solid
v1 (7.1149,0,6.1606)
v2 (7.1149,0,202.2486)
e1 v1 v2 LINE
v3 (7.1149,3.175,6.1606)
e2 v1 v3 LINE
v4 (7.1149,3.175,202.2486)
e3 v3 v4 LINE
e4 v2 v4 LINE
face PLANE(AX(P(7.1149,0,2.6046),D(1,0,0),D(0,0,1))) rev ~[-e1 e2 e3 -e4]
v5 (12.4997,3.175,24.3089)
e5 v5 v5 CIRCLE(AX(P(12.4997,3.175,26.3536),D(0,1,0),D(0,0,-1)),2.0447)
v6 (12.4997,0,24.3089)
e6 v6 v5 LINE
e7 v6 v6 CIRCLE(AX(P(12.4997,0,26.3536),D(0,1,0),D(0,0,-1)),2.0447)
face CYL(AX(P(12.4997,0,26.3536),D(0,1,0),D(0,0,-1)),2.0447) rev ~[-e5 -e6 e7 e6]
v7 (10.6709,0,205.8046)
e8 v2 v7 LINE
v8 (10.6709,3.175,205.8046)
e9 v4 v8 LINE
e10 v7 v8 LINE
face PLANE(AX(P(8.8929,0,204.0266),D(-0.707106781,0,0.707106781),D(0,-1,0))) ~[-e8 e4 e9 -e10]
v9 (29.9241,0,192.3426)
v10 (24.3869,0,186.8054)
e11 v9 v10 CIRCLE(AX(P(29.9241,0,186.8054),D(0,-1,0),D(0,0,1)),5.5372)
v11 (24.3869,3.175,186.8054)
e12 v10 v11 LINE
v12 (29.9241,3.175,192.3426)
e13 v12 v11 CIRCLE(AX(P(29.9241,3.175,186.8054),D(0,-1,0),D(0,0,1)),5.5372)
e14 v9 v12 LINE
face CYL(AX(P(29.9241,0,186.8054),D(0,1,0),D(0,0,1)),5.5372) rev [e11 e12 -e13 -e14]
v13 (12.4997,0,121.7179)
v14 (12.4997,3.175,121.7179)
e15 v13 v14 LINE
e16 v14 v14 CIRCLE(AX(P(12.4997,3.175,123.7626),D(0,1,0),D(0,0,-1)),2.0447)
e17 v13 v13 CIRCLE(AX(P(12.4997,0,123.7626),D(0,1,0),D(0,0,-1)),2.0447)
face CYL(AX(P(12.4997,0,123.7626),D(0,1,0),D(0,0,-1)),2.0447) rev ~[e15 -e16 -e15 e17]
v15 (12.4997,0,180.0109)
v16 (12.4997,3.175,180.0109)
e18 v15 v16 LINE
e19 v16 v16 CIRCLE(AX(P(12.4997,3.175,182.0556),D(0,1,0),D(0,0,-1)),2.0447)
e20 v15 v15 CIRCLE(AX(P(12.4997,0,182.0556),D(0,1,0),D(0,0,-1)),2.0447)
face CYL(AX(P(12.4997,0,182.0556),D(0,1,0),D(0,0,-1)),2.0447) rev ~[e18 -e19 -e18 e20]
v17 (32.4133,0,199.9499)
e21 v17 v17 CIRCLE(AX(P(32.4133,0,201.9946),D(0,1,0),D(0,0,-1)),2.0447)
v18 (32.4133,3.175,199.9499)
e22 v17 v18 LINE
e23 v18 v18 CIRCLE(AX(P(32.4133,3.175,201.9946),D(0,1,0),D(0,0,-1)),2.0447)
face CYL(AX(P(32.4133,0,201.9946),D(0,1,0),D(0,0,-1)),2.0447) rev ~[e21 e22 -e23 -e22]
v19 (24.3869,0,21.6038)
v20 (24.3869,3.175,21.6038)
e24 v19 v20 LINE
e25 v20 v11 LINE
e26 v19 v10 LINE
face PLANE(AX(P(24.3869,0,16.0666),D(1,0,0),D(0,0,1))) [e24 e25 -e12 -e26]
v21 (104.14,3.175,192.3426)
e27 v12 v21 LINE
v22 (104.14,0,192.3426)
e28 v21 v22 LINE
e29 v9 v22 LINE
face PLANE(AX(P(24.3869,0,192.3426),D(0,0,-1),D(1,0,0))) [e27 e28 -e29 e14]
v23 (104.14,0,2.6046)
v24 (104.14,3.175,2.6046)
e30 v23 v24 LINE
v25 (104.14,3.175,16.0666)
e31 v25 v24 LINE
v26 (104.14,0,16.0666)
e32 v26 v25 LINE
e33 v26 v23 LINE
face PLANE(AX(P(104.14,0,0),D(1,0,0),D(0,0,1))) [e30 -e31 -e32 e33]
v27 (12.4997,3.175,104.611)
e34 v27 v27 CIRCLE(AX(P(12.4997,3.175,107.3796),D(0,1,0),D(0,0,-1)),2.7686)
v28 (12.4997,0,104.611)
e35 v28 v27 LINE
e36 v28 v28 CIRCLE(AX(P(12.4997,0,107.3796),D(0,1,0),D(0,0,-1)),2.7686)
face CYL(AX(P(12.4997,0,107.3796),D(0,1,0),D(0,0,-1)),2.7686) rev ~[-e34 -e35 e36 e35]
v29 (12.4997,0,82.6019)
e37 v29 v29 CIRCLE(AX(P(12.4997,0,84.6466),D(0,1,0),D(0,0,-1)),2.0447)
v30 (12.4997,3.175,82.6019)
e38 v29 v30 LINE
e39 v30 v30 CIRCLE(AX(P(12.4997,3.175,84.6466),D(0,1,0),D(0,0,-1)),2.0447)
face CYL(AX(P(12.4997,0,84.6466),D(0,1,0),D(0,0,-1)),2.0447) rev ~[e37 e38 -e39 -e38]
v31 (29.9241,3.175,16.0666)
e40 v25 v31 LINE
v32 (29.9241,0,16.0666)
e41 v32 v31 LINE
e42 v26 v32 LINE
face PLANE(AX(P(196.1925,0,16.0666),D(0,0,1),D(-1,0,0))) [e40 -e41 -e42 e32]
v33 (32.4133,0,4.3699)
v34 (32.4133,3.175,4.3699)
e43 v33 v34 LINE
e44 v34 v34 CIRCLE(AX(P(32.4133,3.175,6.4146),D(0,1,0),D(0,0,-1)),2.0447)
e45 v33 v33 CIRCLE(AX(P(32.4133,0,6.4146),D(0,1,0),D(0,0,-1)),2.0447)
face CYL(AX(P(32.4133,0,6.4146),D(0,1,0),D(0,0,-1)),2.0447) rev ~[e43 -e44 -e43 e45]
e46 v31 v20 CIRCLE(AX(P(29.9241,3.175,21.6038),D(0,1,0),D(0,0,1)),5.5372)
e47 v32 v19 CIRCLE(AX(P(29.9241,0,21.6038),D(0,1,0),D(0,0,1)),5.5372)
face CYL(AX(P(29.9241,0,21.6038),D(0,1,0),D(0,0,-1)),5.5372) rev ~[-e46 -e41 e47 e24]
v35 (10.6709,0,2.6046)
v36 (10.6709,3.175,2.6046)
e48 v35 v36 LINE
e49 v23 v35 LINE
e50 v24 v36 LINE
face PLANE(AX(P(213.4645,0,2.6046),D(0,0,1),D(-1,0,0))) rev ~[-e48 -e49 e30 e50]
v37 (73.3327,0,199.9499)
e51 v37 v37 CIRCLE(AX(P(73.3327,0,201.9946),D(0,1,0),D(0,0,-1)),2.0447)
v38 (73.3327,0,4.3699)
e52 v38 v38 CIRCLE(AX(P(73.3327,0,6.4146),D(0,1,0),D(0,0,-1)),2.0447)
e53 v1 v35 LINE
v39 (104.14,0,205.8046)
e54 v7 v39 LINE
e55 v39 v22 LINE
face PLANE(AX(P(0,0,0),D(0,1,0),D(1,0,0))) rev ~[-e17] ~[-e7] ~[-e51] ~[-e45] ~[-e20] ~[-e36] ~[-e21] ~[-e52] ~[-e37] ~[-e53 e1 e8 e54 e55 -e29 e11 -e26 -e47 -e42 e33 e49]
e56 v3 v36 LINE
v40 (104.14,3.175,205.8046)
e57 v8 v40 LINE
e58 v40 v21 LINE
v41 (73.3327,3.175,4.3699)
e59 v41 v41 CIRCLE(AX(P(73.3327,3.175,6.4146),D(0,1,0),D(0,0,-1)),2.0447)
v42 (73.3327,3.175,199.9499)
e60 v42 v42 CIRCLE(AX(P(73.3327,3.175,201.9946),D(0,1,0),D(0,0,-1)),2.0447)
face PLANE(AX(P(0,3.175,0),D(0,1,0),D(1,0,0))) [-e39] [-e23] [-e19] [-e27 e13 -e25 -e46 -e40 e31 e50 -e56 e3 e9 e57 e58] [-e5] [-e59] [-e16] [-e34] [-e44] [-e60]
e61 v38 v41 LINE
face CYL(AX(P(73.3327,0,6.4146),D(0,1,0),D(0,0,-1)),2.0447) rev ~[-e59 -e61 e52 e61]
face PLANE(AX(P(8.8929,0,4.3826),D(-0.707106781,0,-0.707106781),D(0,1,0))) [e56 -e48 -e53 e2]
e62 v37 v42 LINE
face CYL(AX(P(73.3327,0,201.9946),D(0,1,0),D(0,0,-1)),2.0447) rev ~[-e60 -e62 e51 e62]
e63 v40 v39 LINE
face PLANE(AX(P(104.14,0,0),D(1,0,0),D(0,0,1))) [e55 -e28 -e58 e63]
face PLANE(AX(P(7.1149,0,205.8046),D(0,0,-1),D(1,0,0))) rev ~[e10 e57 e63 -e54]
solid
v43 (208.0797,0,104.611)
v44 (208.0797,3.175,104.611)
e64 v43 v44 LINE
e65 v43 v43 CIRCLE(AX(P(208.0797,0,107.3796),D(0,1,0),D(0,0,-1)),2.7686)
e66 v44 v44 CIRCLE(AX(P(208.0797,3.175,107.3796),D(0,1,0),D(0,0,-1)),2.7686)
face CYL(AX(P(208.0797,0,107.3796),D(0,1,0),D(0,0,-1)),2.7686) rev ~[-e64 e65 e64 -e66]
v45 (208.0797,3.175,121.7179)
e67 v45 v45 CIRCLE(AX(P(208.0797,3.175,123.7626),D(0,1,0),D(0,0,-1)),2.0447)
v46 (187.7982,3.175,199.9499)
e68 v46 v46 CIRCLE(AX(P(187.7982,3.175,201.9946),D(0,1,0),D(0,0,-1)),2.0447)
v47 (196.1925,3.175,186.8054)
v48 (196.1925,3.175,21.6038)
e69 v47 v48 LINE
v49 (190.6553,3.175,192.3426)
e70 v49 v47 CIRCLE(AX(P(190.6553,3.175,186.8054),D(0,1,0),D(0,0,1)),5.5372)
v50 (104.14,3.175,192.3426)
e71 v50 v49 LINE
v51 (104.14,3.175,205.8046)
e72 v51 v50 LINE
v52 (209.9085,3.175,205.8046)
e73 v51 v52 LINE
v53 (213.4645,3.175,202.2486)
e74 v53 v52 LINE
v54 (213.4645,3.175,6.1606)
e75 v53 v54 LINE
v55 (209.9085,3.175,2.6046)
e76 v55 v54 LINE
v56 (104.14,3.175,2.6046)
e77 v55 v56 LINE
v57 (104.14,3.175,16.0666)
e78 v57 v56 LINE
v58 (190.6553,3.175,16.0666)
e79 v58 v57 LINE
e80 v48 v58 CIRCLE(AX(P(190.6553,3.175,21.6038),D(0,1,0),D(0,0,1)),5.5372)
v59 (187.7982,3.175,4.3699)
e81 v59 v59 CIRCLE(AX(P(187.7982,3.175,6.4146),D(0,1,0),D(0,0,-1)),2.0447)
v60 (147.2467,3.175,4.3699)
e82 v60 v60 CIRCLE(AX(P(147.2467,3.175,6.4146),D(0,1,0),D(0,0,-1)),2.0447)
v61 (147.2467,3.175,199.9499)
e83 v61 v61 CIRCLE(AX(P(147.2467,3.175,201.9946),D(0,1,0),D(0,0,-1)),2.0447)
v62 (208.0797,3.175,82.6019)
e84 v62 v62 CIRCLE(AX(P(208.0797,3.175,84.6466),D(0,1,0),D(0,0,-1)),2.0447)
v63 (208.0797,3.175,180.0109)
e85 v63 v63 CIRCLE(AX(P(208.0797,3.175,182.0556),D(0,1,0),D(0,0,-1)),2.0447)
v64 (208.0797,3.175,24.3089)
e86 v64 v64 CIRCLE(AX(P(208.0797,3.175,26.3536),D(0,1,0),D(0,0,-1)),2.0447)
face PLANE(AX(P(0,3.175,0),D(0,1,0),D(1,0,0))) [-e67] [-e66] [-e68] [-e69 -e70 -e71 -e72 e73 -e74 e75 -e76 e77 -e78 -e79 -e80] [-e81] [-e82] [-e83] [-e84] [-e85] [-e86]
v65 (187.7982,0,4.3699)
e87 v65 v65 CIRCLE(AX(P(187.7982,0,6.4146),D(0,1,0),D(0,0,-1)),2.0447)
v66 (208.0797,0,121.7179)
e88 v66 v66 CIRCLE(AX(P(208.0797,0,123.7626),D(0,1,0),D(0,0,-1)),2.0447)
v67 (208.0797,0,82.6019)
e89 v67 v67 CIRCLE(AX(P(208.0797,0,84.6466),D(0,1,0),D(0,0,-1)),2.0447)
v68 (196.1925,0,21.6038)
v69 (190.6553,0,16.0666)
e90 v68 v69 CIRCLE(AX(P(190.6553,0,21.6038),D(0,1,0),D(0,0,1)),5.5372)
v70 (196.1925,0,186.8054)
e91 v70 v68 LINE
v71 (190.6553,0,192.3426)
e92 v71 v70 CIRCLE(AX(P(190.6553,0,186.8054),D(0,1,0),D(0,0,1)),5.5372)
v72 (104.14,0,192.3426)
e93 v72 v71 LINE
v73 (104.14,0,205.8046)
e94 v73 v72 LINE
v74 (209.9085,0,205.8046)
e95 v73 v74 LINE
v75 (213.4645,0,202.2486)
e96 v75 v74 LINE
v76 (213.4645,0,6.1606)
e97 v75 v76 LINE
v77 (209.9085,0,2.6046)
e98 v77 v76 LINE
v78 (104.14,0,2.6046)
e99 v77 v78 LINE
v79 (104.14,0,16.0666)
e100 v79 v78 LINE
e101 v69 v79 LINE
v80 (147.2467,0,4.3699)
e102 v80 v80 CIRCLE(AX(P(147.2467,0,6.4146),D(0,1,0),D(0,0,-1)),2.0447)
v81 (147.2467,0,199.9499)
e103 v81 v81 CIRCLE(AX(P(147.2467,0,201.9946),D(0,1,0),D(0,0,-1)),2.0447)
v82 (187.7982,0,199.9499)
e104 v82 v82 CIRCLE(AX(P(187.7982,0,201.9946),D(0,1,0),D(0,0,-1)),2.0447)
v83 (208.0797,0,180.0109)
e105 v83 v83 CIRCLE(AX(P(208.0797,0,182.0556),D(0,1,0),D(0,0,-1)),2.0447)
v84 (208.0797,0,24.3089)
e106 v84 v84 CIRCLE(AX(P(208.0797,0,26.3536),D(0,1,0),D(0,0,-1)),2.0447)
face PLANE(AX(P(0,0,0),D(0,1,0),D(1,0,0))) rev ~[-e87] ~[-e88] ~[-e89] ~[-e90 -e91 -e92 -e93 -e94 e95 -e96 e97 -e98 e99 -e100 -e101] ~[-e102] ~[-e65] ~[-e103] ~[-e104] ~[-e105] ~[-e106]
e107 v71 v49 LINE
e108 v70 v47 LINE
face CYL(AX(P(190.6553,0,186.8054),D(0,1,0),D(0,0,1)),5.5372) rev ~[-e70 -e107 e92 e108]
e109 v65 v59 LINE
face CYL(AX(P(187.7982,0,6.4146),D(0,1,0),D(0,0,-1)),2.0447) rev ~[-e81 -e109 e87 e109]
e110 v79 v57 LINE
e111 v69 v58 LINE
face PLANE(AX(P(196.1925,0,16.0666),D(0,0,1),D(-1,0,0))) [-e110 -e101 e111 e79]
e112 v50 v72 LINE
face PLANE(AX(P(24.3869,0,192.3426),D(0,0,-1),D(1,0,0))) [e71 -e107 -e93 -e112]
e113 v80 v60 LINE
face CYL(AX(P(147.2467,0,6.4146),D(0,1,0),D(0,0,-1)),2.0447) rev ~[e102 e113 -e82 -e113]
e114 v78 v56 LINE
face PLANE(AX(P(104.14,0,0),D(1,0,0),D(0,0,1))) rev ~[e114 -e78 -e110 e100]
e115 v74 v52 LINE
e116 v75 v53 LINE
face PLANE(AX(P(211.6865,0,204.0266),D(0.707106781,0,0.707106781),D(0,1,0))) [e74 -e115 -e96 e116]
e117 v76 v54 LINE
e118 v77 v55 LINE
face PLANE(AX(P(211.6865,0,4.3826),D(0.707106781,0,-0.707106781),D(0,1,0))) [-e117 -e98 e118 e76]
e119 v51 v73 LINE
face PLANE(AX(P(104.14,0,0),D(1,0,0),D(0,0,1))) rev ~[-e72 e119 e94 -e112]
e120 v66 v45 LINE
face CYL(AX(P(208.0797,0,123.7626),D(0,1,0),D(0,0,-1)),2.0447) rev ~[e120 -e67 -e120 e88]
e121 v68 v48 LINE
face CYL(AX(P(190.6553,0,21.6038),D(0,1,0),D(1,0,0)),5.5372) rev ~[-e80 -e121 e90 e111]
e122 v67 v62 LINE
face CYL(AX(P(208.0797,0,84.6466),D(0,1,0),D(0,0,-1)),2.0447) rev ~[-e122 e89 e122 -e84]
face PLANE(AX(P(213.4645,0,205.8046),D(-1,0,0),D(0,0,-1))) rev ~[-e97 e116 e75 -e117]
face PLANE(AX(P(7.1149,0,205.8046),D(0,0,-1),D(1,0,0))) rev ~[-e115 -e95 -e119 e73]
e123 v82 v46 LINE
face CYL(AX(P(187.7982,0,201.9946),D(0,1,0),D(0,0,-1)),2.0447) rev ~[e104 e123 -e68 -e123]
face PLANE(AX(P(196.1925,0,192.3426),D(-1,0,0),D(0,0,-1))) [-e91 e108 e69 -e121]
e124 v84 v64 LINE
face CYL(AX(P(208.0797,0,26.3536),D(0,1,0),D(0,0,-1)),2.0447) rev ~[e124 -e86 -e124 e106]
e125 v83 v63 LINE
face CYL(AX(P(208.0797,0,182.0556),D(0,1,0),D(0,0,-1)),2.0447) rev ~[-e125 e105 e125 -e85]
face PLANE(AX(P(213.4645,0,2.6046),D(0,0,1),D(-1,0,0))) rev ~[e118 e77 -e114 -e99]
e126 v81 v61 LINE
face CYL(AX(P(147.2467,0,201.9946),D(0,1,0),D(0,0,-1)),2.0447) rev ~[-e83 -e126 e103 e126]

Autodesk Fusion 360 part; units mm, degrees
sketch "Front" plane through (0, 0, 0) normal (0, 1, 0) x (1, 0, 0) in component "1006350A"
  line L0 (-97.5923, -201.9946) -> (221.2351, -201.9946) construction
  line L1 (-99.947, -6.4146) -> (290.3014, -6.4146) construction
  line L2 (12.4997, 61.7326) -> (12.4997, -271.4585) construction
  line L3 (208.0797, 69.9741) -> (208.0797, -187.16) construction
  line L4 (213.4645, 13.4611) -> (213.4645, -265.3363) construction
  line L5 (7.1149, -256.6239) -> (7.1149, 6.397) construction
  line L6 (-10.9391, -2.6046) -> (257.2621, -2.6046) construction
  line L7 (3.4246, -205.8046) -> (275.1579, -205.8046) construction
  line L8 (196.1925, -231.664) -> (196.1925, 4.0423) construction
  line L9 (200.5105, 72.0933) -> (200.5105, -273.8132) construction
  line L10 (20.3229, -271.4585) -> (20.3229, 19.5833) construction
  line L11 (-9.5263, -26.3536) -> (218.174, -26.3536) construction
  line L12 (-30.2477, -84.6466) -> (216.2902, -84.6466) construction
  line L13 (226.8864, -107.3796) -> (-21.2998, -107.3796) construction
  line L14 (-47.6725, -123.7626) -> (220.7641, -123.7626) construction
  line L15 (-72.1615, -182.0556) -> (219.1158, -182.0556) construction
  line L16 (-7.1716, -192.3426) -> (237.718, -192.3426) construction
  line L17 (24.3869, -243.673) -> (24.3869, 8.2807) construction
  line L18 (187.7982, 11.5773) -> (187.7982, -213.2972) construction
  line L19 (147.2467, 23.5863) -> (147.2467, -210.9425) construction
  line L20 (73.3327, 36.3018) -> (73.3327, -224.8353) construction
  line L21 (32.4133, 51.8428) -> (32.4133, -217.3002) construction
  line L22 (267.4197, -11.8756) -> (2.5805, -11.8756) construction
  line L23 (267.0325, -196.4066) -> (1.4189, -196.4066) construction
  line L24 (1.5972, -16.0666) -> (220.1148, -16.0666) construction
  line L25 (7.1149, -205.8046) -> (213.4645, -205.8046)
  line L26 (213.4645, -205.8046) -> (213.4645, -2.6046)
  line L27 (213.4645, -2.6046) -> (7.1149, -2.6046)
  line L28 (7.1149, -2.6046) -> (7.1149, -205.8046)
  line L29 (24.3869, -192.3426) -> (196.1925, -192.3426)
  line L30 (196.1925, -192.3426) -> (196.1925, -16.0666)
  line L31 (196.1925, -16.0666) -> (24.3869, -16.0666)
  line L32 (24.3869, -16.0666) -> (24.3869, -192.3426)
  point P0 (32.4133, -201.9946)
  point P1 (73.3327, -201.9946)
  point P2 (147.2467, -201.9946)
  point P3 (187.7982, -201.9946)
  point P4 (208.0797, -182.0556)
  point P5 (208.0797, -123.7626)
  point P6 (208.0797, -107.3796)
  point P7 (208.0797, -84.6466)
  point P8 (208.0797, -26.3536)
  point P9 (187.7982, -6.4146)
  point P10 (147.2467, -6.4146)
  point P11 (73.3327, -6.4146)
  point P12 (32.4133, -6.4146)
  point P13 (12.4997, -26.3536)
  point P14 (12.4997, -84.6466)
  point P15 (12.4997, -107.3796)
  point P16 (12.4997, -123.7626)
  point P17 (12.4997, -182.0556)
  dimension "d1" = 195.58
  dimension "d2" = 3.81
  dimension "d3" = 19.939
  dimension "d4" = 78.232
  dimension "d5" = 117.348
  dimension "d6" = 175.641
  dimension "d7" = 100.965
  dimension "d10" = 5.3848
  dimension "d11" = 17.272
  dimension "d12" = 60.833
  dimension "d13" = 134.747
  dimension "d14" = 175.6664
  dimension "d15" = 195.58
  dimension "d16" = 203.2
  dimension "d17" = 184.531
  dimension "d18" = 5.461
  dimension "d19" = 13.462
  dimension "d20" = 189.0776
  dimension "d21" = 206.3496
  dimension "d22" = 13.462
  dimension "d33" = 7.5692
  dimension "d34" = 180.1876
extrude "Extrude1" add sketch "Front" along normal blind 3.175 makes body 1 in component "1006350A"
chamfer "Chamfer1" distance 3.556 angle 45 4 edges at (7.1149, 1.5875, 205.8046) (213.4645, 1.5875, 205.8046) (213.4645, 1.5875, 2.6046) (7.1149, 1.5875, 2.6046) on bodies 1 in component "1006350A"
fillet "Fillet1" radius 5.5372 4 edges at (196.1925, 1.5875, 192.3426) (24.3869, 1.5875, 192.3426) (24.3869, 1.5875, 16.0666) (196.1925, 1.5875, 16.0666) on bodies 1 in component "1006350A"
hole "Hole1" at (12.4997, 0, 107.3796) at (208.0797, 0, 107.3796) direction (0, 1, 0) diameter 5.5372 end through all bodies 1 1 in component "1006350A"
hole "Hole2" at (147.2467, 0, 201.9946) at (187.7982, 0, 201.9946) at (208.0797, 0, 182.0556) at (208.0797, 0, 123.7626) at (73.3327, 0, 201.9946) at (32.4133, 0, 201.9946) at (12.4997, 0, 182.0556) at (12.4997, 0, 123.7626) at (12.4997, 0, 84.6466) at (12.4997, 0, 26.3536) at (32.4133, 0, 6.4146) at (73.3327, 0, 6.4146) at (147.2467, 0, 6.4146) at (187.7982, 0, 6.4146) at (208.0797, 0, 26.3536) at (208.0797, 0, 84.6466) direction (0, 1, 0) diameter 4.0894 end through all bodies 1 1 in component "1006350A"
ref_plane "WorkPlane1" through (104.14, 0, 0) normal (1, 0, 0) x (0, 1, 0)
split "Split1" by plane through (104.14, 0, 0) normal (1, 0, 0) bodies 1 makes body 2 at (117.8444, 0, 199.8956) in component "1006350A"
component "1006350A" placed x (1, 0, 0) y (0, 1, 0) z (0, 0, 1) at (0, 0, 0)
